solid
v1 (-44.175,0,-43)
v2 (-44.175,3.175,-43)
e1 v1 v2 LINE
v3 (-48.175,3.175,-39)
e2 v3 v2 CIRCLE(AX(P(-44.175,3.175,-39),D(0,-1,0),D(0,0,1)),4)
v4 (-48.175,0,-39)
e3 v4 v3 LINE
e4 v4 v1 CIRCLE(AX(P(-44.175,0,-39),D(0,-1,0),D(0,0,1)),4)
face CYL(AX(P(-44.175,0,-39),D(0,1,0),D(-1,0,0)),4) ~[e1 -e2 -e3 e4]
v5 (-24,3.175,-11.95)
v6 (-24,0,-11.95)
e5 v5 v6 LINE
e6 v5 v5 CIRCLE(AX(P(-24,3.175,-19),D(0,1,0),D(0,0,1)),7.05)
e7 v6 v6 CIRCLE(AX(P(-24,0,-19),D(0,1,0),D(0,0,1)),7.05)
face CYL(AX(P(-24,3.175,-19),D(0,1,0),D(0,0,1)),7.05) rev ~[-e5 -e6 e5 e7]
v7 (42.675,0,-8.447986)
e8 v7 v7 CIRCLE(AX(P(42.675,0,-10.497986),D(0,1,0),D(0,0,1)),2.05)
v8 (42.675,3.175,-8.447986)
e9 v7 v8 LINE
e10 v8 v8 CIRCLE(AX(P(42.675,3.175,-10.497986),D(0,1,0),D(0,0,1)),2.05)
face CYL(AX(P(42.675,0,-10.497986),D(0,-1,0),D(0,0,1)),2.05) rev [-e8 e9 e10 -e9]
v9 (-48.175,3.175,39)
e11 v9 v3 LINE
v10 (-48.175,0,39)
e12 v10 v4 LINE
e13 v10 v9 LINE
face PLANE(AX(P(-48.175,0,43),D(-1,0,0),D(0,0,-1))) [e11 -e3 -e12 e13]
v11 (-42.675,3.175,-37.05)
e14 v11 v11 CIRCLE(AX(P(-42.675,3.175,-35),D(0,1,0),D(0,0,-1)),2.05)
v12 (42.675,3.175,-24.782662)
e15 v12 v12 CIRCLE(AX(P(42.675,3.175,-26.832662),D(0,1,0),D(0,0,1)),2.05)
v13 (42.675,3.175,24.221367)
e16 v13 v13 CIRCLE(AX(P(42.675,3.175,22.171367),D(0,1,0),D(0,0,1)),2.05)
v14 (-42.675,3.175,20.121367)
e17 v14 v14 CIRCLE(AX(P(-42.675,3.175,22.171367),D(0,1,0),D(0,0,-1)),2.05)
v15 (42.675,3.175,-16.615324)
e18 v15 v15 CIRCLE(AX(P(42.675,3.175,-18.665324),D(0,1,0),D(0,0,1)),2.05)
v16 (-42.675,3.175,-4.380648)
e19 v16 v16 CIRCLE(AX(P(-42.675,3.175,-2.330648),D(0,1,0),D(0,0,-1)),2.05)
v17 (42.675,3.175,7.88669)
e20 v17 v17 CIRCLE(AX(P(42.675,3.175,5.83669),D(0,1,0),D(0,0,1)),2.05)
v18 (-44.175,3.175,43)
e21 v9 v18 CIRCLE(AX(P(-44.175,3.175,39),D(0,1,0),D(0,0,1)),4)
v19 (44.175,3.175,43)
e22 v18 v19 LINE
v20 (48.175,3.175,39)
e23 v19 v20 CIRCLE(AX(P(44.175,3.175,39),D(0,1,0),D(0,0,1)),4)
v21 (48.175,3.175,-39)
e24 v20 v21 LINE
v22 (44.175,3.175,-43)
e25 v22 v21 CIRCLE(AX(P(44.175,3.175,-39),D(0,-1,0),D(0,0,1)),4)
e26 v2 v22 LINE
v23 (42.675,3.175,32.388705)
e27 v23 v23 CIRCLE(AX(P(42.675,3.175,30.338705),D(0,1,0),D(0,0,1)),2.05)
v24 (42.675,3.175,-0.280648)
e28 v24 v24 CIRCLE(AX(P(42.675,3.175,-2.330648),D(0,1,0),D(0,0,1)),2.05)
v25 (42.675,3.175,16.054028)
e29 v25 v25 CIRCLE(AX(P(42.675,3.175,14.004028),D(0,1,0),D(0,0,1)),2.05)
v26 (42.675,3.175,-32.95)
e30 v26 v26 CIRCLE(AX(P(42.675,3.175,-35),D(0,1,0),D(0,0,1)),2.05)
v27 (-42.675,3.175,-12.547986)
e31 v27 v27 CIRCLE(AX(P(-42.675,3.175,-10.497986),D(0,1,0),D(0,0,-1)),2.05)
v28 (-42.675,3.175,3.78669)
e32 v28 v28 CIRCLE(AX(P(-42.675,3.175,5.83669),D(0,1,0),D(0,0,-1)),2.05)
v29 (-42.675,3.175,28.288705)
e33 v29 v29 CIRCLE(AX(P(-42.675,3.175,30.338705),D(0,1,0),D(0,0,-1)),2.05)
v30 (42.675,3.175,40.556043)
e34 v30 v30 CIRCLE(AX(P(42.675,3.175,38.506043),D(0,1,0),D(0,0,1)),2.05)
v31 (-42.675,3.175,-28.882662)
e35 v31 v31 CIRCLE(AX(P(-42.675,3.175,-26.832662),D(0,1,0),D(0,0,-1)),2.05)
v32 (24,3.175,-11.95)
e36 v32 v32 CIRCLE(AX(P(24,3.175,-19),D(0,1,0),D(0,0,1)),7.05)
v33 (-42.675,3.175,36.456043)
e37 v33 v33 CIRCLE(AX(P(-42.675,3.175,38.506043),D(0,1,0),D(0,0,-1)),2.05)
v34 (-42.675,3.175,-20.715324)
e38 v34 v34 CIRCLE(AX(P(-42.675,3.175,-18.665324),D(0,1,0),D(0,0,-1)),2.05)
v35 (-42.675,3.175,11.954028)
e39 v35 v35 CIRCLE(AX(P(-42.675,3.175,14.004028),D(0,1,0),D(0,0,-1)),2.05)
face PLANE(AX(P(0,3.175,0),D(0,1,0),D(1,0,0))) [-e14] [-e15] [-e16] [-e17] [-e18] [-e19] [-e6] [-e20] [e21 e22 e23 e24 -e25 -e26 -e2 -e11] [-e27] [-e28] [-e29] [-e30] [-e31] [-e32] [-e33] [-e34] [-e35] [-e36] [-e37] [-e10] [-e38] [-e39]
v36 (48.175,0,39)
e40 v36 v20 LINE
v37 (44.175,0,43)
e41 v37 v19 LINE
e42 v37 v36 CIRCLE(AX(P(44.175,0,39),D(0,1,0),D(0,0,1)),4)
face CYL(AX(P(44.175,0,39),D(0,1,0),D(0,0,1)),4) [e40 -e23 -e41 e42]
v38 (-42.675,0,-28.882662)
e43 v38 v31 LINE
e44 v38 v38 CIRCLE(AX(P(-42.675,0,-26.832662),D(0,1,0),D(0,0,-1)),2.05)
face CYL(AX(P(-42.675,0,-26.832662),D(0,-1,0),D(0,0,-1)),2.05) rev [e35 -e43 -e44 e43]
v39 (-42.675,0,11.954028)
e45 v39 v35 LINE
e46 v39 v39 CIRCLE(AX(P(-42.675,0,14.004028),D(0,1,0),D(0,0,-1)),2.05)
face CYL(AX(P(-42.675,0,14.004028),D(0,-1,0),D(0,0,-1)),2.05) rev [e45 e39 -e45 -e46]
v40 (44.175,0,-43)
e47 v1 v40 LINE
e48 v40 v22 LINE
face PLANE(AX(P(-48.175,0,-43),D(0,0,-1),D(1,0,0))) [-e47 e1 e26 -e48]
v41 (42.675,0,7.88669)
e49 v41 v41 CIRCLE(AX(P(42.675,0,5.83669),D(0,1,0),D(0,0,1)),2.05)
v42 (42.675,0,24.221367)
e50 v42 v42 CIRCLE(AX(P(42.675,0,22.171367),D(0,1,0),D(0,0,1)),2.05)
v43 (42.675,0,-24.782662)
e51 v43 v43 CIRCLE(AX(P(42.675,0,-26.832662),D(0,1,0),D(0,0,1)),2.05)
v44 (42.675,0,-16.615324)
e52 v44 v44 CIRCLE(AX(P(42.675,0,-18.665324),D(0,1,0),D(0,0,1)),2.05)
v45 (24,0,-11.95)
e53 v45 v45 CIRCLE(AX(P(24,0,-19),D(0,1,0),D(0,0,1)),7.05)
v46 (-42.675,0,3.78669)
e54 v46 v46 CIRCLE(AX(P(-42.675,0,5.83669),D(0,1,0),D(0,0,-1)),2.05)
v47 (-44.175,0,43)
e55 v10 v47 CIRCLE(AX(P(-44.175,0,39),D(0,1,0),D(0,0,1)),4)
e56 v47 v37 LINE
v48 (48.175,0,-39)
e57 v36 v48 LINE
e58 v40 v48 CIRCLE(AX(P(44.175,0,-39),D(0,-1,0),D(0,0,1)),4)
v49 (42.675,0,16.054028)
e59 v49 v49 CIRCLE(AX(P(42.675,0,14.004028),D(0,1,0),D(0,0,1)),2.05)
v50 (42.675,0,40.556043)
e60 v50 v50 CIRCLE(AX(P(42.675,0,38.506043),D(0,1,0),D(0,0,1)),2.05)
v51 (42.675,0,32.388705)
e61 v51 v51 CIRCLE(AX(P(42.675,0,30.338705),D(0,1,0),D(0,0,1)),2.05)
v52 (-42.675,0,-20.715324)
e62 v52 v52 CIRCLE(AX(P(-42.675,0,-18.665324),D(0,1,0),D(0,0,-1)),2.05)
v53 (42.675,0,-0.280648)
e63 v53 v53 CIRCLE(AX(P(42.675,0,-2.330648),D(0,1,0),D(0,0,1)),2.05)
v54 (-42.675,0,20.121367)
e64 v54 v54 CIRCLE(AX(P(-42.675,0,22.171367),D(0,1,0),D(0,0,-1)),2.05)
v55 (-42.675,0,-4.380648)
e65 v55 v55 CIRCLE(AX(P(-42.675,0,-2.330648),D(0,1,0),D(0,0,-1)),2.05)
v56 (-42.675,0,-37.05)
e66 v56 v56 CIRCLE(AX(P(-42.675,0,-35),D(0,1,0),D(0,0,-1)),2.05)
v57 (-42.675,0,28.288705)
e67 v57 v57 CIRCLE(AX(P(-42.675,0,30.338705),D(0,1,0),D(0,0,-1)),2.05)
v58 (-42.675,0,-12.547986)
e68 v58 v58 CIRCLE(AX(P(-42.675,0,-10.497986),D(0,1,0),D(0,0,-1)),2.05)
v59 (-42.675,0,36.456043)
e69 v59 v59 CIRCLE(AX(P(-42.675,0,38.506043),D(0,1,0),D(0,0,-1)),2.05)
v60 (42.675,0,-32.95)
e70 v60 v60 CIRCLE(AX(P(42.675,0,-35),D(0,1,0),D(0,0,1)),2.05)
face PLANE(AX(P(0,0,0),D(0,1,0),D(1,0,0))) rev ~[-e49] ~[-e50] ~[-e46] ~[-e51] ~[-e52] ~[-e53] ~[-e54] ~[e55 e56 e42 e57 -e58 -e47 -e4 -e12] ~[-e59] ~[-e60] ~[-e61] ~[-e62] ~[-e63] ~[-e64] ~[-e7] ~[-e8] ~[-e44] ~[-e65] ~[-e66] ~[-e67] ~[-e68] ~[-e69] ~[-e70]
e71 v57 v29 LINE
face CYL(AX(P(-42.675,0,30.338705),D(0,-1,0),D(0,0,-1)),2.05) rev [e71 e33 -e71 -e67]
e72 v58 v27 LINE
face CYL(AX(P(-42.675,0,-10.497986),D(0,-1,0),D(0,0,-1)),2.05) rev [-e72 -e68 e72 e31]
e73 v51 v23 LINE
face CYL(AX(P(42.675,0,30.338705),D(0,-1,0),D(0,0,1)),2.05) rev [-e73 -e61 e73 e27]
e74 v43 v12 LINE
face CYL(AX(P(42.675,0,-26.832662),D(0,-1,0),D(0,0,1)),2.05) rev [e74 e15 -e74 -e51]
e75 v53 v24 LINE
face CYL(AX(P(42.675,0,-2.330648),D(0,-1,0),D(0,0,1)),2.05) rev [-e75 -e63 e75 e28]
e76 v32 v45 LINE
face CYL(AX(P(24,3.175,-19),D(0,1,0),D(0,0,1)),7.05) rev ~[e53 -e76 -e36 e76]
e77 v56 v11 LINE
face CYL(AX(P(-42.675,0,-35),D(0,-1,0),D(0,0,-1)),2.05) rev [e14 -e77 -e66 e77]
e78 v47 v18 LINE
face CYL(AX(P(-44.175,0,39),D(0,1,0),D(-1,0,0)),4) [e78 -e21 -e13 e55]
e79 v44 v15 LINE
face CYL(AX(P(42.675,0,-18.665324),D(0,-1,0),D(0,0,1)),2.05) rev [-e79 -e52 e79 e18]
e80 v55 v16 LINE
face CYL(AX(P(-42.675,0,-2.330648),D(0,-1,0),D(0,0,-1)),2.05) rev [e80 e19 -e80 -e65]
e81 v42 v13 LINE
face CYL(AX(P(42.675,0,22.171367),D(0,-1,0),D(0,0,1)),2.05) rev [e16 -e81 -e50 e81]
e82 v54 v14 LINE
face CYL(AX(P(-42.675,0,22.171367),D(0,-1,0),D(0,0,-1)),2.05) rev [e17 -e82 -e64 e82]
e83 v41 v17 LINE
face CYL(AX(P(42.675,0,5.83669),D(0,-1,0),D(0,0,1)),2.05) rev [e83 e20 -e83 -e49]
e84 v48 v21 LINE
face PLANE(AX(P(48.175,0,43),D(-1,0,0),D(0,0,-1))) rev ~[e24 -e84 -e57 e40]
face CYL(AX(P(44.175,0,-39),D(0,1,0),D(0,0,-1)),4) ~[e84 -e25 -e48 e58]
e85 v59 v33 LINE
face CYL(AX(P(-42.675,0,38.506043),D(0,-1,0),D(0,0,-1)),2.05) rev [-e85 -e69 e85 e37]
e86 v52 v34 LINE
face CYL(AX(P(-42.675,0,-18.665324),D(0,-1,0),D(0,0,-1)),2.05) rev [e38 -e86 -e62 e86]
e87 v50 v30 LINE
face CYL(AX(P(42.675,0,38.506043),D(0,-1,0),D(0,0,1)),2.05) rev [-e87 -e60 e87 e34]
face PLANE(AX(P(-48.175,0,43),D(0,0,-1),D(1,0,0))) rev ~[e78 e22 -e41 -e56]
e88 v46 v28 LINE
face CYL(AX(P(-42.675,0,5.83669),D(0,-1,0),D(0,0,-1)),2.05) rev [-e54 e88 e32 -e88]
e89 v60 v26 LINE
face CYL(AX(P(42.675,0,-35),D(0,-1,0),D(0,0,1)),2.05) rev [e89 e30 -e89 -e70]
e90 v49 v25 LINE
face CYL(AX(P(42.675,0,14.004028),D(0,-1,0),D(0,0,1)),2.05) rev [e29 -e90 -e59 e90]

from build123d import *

# Parameters (mm, degrees)
SKETCH1_W           = 96.35
SKETCH1_H           = 86
SKETCH1_R           = 2.05
BOSS_EXTRUDE1_DEPTH = 3.175
FILLET1_R           = 4
SKETCH2_R           = 7.05
CUT_EXTRUDE1_DEPTH  = 3.18


with BuildPart() as part:
    # Sketch1 → Boss-Extrude1 (new body)
    with BuildSketch(Plane(origin=(0, 0, 0), x_dir=(1, 0, 0), z_dir=(0, 1, 0))):
        Rectangle(SKETCH1_W, SKETCH1_H)
        with Locations(Location((42.675, 35, 0), (0, 0, 270))):
            Circle(SKETCH1_R, mode=Mode.SUBTRACT)
        with Locations(Location((42.675, 26.832661921, 0), (0, 0, 270))):
            Circle(SKETCH1_R, mode=Mode.SUBTRACT)
        with Locations(Location((42.675, 18.665323842, 0), (0, 0, 270))):
            Circle(SKETCH1_R, mode=Mode.SUBTRACT)
        with Locations(Location((42.675, 10.497985763, 0), (0, 0, 270))):
            Circle(SKETCH1_R, mode=Mode.SUBTRACT)
        with Locations(Location((42.675, 2.330647684, 0), (0, 0, 270))):
            Circle(SKETCH1_R, mode=Mode.SUBTRACT)
        with Locations(Location((42.675, -5.836690395, 0), (0, 0, 270))):
            Circle(SKETCH1_R, mode=Mode.SUBTRACT)
        with Locations(Location((42.675, -14.004028475, 0), (0, 0, 270))):
            Circle(SKETCH1_R, mode=Mode.SUBTRACT)
        with Locations(Location((42.675, -22.171366554, 0), (0, 0, 270))):
            Circle(SKETCH1_R, mode=Mode.SUBTRACT)
        with Locations(Location((42.675, -30.338704633, 0), (0, 0, 270))):
            Circle(SKETCH1_R, mode=Mode.SUBTRACT)
        with Locations(Location((42.675, -38.506042712, 0), (0, 0, 270))):
            Circle(SKETCH1_R, mode=Mode.SUBTRACT)
        with Locations(Location((-42.675, -38.506042712, 0), (0, 0, 90))):
            Circle(SKETCH1_R, mode=Mode.SUBTRACT)
        with Locations(Location((-42.675, -30.338704633, 0), (0, 0, 90))):
            Circle(SKETCH1_R, mode=Mode.SUBTRACT)
        with Locations(Location((-42.675, -22.171366554, 0), (0, 0, 90))):
            Circle(SKETCH1_R, mode=Mode.SUBTRACT)
        with Locations(Location((-42.675, -14.004028475, 0), (0, 0, 90))):
            Circle(SKETCH1_R, mode=Mode.SUBTRACT)
        with Locations(Location((-42.675, -5.836690395, 0), (0, 0, 90))):
            Circle(SKETCH1_R, mode=Mode.SUBTRACT)
        with Locations(Location((-42.675, 2.330647684, 0), (0, 0, 90))):
            Circle(SKETCH1_R, mode=Mode.SUBTRACT)
        with Locations(Location((-42.675, 10.497985763, 0), (0, 0, 90))):
            Circle(SKETCH1_R, mode=Mode.SUBTRACT)
        with Locations(Location((-42.675, 18.665323842, 0), (0, 0, 90))):
            Circle(SKETCH1_R, mode=Mode.SUBTRACT)
        with Locations(Location((-42.675, 26.832661921, 0), (0, 0, 90))):
            Circle(SKETCH1_R, mode=Mode.SUBTRACT)
        with Locations(Location((-42.675, 35, 0), (0, 0, 90))):
            Circle(SKETCH1_R, mode=Mode.SUBTRACT)
    extrude(amount=BOSS_EXTRUDE1_DEPTH)

    # Fillet1
    fillet1_edges = [part.edges().sort_by_distance(p)[0] for p in [
        (48.175, 1.5875, 43),
        (-48.175, 1.5875, 43),
        (-48.175, 1.5875, -43),
        (48.175, 1.5875, -43),
    ]]
    fillet(fillet1_edges, radius=FILLET1_R)

    # Sketch2 → Cut-Extrude1 (cut)
    with BuildSketch(Plane(origin=(0, 3.175, 0), x_dir=(1, 0, 0), z_dir=(0, 1, 0))):
        with Locations(Location((-24, 19, 0), (0, 0, 270))):
            Circle(SKETCH2_R)
        with Locations(Location((24, 19, 0), (0, 0, 270))):
            Circle(SKETCH2_R)
    extrude(amount=-CUT_EXTRUDE1_DEPTH, mode=Mode.SUBTRACT)


solid = part.part
